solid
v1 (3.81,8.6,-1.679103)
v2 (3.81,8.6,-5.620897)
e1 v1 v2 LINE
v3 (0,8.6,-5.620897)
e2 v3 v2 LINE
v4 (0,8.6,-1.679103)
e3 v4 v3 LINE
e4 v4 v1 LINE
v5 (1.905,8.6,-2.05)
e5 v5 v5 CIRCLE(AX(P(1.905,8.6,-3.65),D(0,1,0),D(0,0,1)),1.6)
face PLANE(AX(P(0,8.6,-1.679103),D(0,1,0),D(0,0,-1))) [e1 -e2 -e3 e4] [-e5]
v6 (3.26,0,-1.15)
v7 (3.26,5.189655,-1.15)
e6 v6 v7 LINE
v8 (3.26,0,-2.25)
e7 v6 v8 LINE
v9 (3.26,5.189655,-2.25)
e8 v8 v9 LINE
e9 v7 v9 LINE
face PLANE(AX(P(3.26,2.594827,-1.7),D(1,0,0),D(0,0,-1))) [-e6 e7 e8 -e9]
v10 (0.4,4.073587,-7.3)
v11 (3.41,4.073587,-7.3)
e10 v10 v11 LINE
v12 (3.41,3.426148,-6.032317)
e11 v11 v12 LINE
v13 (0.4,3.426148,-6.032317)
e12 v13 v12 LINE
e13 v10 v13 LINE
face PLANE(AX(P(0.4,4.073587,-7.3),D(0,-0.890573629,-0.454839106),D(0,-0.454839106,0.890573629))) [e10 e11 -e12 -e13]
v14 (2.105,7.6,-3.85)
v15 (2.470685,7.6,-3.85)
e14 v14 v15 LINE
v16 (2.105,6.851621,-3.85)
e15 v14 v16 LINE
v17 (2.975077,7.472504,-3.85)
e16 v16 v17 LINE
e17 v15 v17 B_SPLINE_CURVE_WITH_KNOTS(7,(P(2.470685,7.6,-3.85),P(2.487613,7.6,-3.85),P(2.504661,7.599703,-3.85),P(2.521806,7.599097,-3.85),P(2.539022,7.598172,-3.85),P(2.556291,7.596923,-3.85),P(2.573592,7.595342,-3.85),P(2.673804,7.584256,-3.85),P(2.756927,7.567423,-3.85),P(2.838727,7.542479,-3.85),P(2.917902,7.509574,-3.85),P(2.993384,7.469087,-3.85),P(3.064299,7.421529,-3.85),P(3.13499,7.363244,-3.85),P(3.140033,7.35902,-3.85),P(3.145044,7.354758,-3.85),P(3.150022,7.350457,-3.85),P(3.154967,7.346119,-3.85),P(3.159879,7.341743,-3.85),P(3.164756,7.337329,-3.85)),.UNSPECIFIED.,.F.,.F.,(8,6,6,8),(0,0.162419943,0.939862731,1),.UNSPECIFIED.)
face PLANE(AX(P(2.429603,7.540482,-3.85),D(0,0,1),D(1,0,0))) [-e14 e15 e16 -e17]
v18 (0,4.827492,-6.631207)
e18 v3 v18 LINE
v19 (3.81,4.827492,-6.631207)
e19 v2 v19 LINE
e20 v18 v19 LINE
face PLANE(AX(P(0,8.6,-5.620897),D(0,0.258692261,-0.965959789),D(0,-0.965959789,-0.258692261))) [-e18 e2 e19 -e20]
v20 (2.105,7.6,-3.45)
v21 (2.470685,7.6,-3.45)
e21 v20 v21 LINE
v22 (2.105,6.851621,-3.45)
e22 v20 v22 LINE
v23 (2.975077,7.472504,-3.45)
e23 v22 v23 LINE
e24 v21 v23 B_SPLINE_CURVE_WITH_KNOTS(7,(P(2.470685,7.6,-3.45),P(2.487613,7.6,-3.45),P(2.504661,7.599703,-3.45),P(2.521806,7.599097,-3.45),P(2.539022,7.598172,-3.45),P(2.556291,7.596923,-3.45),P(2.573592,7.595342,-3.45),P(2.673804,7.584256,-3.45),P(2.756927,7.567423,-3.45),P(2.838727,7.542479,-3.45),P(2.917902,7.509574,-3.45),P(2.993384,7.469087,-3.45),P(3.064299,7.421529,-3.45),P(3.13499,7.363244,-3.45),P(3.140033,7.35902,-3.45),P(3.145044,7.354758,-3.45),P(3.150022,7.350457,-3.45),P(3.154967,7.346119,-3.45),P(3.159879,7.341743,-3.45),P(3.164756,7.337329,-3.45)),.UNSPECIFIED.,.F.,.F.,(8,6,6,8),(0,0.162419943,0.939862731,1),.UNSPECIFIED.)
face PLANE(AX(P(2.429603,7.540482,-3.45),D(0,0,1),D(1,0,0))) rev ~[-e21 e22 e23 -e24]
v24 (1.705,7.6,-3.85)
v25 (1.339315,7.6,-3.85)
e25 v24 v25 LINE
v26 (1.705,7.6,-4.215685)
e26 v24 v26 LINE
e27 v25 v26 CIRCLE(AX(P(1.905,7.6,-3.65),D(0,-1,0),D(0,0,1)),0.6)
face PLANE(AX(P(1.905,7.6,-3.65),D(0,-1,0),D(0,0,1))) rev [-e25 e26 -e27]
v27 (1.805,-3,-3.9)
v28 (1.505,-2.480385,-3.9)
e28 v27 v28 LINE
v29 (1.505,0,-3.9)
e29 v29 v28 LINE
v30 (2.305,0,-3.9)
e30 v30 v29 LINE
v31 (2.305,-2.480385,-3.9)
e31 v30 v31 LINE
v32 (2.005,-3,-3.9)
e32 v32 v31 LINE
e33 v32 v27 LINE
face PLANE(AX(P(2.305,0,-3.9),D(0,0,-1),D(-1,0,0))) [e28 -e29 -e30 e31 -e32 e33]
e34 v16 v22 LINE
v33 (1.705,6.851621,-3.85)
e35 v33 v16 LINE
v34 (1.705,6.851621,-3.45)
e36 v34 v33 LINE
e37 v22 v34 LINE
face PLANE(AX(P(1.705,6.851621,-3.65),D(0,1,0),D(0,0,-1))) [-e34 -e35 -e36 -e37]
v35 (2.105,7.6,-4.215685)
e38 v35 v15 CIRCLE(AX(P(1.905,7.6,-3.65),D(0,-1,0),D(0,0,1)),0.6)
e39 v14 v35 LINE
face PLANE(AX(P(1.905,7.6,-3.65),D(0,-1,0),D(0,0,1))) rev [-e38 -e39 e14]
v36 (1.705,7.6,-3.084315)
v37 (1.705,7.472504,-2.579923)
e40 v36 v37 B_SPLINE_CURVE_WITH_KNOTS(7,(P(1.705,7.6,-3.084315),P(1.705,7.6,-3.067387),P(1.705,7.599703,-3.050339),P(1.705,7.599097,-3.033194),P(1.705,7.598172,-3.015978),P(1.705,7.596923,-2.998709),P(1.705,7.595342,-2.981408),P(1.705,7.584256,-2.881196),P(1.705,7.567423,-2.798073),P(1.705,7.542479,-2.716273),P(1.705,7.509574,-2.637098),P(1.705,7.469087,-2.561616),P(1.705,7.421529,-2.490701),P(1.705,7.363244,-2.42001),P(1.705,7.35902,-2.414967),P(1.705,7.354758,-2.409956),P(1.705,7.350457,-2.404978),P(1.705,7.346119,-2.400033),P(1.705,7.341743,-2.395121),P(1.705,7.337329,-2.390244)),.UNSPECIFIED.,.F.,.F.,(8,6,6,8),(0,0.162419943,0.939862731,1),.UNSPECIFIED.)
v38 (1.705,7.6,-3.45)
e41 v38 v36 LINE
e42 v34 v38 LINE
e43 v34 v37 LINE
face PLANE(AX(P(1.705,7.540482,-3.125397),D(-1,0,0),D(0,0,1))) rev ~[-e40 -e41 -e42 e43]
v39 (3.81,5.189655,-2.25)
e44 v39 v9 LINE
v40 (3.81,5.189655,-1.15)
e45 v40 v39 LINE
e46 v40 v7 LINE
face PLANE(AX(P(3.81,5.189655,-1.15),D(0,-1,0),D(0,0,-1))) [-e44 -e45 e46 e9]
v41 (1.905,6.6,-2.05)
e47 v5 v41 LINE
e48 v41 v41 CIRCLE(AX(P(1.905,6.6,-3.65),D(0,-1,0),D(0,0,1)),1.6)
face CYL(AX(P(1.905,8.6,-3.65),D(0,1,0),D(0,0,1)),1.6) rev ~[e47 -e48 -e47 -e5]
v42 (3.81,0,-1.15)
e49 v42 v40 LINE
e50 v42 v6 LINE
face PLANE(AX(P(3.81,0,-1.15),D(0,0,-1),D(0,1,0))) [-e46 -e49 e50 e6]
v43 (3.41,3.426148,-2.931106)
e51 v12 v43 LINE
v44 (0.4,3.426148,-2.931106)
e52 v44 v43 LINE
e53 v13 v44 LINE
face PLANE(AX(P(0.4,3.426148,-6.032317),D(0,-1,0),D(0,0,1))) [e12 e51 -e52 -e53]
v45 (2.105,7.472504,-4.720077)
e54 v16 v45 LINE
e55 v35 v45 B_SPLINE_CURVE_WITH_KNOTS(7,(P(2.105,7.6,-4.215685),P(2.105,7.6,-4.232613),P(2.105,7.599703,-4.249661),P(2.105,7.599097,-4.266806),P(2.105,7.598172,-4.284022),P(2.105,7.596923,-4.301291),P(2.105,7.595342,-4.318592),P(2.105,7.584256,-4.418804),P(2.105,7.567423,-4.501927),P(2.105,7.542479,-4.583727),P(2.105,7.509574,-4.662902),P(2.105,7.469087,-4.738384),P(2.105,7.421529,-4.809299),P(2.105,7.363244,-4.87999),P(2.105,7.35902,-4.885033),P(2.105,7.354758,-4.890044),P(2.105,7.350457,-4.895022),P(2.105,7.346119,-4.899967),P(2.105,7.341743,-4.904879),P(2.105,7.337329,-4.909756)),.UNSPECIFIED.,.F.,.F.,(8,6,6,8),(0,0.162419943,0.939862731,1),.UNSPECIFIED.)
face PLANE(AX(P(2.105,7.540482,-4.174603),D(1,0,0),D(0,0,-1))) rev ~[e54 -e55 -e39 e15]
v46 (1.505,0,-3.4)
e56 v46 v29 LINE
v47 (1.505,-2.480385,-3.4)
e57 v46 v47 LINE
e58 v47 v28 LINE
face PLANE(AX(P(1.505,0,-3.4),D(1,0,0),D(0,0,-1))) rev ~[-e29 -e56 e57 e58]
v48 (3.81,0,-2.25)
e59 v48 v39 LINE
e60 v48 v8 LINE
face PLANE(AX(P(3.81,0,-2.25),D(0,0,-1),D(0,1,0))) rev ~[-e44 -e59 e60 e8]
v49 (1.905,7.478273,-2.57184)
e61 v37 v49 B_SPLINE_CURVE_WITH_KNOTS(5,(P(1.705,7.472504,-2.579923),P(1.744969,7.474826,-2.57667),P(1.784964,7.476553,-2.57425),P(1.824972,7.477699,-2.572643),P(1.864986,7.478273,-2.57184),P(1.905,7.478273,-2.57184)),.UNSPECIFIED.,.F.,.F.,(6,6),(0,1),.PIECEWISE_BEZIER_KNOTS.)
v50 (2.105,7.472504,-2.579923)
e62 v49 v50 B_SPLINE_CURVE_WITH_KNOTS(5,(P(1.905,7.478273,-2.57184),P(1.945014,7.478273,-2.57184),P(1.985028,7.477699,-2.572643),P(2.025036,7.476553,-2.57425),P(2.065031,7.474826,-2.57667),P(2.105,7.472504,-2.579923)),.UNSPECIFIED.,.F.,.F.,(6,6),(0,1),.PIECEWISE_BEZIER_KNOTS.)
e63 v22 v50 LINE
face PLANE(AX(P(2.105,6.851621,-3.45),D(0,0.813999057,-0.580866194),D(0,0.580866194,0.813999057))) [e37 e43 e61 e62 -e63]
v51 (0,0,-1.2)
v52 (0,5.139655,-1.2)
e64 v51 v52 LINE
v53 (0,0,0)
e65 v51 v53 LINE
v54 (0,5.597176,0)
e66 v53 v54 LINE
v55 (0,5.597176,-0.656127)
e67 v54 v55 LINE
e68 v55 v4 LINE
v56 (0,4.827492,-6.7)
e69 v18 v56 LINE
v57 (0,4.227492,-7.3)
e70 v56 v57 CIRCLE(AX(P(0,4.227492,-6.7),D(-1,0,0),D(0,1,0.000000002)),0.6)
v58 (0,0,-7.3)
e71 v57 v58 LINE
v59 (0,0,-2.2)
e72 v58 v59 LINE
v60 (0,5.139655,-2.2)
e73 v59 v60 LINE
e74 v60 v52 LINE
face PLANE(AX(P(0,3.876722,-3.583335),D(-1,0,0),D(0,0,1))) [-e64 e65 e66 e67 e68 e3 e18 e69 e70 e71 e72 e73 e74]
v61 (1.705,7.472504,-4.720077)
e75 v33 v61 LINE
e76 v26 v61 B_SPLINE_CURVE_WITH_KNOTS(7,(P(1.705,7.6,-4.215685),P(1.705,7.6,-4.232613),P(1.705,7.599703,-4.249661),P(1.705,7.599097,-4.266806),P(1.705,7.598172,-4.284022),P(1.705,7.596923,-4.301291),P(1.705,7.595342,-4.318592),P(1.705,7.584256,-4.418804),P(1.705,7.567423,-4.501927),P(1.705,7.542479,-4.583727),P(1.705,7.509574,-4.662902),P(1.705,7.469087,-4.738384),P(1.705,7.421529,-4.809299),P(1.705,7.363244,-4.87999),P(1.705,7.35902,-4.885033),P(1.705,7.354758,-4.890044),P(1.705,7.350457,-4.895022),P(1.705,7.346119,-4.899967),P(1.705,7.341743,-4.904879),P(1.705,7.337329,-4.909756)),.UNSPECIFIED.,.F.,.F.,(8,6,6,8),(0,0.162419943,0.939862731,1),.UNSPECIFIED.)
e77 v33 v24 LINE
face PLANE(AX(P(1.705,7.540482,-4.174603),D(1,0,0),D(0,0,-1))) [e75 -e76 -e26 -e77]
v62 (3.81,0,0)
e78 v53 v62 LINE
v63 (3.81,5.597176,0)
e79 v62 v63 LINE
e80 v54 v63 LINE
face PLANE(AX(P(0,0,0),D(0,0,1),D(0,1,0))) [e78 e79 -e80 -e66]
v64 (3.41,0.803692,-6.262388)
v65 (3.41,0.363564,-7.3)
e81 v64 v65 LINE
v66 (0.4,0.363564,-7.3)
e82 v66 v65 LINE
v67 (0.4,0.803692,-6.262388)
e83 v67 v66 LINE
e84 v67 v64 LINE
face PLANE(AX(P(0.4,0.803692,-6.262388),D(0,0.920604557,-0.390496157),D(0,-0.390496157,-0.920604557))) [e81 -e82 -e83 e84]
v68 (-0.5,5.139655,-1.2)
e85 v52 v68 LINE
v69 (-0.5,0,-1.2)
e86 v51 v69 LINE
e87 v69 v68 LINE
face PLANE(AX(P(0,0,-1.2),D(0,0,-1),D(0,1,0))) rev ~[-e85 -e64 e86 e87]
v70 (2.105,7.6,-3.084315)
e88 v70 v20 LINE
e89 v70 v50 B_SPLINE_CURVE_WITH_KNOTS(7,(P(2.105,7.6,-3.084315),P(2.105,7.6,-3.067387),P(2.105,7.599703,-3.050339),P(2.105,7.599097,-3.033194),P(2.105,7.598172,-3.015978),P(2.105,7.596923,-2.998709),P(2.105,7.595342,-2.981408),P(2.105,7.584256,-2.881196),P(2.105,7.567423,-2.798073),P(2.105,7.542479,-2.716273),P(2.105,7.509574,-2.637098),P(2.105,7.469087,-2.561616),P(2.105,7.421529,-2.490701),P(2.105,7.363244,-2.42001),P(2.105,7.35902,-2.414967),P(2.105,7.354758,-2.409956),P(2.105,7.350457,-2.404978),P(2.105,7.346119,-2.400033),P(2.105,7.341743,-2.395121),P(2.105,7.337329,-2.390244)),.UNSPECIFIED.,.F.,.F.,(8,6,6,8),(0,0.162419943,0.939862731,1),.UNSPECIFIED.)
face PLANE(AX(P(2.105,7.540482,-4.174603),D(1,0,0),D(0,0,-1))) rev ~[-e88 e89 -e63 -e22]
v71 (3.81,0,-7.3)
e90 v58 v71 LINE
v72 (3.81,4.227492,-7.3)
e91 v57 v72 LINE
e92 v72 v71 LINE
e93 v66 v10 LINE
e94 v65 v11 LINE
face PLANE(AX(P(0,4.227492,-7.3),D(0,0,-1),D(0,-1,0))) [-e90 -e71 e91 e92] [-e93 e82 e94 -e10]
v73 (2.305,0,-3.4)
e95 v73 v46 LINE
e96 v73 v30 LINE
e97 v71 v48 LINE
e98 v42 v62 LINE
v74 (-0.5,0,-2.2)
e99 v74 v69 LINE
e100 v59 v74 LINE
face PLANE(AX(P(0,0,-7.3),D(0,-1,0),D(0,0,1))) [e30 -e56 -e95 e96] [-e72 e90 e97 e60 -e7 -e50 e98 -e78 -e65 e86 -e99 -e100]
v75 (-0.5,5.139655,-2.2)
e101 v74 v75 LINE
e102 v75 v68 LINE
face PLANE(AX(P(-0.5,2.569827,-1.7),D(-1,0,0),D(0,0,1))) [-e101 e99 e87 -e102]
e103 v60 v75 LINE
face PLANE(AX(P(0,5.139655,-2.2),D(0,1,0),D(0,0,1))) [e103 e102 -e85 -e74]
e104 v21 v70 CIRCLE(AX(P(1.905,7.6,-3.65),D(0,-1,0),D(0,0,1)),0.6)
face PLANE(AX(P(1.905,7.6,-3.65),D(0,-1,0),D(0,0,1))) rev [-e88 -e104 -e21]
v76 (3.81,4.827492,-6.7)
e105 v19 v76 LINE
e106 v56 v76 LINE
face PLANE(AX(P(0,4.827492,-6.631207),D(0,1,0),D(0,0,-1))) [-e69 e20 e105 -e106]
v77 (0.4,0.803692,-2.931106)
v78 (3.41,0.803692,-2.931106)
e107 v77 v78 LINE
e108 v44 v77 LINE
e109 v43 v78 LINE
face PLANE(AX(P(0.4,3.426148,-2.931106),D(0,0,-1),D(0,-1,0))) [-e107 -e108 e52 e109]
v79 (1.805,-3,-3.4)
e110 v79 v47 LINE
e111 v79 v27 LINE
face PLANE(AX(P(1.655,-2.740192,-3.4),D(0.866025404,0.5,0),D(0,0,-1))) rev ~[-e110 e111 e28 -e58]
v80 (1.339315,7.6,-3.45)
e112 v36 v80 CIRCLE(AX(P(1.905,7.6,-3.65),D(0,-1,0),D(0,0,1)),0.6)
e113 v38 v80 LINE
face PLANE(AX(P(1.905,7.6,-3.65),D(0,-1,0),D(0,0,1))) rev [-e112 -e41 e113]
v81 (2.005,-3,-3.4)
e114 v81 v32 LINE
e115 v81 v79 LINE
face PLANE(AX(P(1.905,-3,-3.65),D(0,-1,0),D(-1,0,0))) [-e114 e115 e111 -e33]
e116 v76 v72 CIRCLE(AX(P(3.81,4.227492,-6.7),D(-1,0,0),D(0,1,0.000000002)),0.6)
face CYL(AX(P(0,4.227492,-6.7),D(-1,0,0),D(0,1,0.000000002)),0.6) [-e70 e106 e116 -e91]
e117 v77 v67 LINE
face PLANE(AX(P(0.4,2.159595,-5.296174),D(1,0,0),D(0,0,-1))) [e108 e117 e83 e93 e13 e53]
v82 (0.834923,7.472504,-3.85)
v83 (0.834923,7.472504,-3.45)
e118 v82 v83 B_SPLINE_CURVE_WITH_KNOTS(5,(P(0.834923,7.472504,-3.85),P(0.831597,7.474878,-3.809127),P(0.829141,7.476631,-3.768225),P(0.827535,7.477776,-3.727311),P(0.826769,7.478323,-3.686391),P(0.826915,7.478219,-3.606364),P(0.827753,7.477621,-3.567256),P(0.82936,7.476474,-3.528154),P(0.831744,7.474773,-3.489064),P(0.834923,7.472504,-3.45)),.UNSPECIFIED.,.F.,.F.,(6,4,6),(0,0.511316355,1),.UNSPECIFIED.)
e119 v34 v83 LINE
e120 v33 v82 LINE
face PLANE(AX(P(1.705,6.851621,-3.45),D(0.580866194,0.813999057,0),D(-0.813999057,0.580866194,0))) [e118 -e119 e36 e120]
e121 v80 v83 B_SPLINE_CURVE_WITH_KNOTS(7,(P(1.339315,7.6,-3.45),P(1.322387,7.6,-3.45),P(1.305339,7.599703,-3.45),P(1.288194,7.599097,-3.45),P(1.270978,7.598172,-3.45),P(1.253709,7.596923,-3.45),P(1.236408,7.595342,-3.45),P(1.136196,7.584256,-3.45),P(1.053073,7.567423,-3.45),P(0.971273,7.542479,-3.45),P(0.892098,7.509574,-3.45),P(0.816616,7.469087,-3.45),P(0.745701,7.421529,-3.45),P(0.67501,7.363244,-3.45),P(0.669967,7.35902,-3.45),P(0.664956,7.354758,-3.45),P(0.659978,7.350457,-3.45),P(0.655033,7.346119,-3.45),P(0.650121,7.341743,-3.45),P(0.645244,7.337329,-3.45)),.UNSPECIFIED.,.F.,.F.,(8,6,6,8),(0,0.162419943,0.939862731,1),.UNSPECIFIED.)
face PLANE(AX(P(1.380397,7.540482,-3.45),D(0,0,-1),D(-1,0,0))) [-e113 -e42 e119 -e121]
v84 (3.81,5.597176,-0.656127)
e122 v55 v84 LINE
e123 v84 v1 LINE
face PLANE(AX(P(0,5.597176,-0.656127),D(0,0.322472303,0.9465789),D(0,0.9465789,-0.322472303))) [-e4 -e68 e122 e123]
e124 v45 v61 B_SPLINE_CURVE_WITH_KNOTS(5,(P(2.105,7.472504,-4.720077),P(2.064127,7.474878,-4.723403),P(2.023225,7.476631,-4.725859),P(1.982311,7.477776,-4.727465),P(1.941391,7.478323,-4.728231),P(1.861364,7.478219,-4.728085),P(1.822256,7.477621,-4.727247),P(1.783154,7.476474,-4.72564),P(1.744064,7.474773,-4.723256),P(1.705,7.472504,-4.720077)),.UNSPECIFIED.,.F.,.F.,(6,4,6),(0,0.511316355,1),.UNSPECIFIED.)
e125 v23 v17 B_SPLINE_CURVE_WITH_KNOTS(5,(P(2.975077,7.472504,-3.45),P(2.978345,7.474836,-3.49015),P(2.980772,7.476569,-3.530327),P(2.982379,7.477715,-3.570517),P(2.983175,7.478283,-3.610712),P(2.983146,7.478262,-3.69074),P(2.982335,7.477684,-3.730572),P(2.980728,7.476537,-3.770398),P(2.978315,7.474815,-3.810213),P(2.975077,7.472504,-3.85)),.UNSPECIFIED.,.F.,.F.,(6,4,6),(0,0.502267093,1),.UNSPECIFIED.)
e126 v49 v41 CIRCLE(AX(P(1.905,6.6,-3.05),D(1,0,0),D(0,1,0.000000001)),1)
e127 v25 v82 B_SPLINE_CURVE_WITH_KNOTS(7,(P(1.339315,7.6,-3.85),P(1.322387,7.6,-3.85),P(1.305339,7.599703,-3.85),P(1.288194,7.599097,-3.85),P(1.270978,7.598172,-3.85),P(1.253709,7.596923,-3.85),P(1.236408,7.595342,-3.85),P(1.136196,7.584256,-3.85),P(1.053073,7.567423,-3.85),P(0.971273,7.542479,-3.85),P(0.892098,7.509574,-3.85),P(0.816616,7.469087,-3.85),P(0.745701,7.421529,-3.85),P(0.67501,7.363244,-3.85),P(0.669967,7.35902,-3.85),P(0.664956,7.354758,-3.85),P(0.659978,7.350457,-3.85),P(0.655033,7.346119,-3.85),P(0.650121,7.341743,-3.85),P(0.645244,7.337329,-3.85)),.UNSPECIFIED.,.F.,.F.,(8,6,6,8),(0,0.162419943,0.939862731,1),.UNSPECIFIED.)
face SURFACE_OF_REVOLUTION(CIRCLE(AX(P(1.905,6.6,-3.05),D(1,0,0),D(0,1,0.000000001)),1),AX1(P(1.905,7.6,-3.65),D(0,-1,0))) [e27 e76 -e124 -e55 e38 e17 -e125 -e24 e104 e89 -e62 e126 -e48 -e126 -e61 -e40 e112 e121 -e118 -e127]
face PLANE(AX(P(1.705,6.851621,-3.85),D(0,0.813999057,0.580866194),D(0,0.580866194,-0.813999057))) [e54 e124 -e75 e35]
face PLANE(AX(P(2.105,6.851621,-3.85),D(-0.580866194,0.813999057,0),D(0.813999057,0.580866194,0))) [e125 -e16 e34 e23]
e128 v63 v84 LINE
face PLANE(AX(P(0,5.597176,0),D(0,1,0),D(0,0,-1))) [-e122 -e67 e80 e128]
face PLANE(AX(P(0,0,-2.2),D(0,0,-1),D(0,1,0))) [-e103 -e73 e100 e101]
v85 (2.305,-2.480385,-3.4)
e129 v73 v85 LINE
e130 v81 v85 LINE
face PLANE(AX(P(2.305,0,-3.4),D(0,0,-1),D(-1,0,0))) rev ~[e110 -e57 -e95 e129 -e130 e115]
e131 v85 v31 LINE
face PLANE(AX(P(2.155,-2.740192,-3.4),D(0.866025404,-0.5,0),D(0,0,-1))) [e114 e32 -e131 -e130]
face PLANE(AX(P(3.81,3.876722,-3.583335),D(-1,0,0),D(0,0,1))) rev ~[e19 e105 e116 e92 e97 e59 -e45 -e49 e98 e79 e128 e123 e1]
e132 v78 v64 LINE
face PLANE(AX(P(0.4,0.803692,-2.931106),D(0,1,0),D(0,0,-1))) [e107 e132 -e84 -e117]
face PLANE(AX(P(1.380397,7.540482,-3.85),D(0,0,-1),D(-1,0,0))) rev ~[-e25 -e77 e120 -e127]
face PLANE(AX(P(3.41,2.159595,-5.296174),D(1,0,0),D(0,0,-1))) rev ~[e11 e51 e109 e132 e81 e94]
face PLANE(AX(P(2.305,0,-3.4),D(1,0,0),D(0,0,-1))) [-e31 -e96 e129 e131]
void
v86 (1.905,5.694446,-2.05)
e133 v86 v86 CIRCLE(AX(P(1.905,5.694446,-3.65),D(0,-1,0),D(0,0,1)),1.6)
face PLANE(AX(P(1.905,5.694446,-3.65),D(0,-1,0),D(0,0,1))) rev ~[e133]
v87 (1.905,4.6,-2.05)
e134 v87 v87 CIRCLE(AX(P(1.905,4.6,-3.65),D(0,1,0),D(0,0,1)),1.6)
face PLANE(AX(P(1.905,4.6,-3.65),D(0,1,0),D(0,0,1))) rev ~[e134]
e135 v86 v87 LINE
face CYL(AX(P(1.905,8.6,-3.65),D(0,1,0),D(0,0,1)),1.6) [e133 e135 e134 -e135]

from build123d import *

# Parameters (mm, degrees)
BOSS_EXTRUDE1_DEPTH      = 3.81
CUT_EXTRUDE_1_DEPTH      = 3.01
SKETCH_4_R               = 1.6
CUT_EXTRUDE_2_DEPTH      = 4
SKETCH_7_W               = 1
SKETCH_7_H               = 5.139654773
EXTRUDE_1_DEPTH          = 0.5
SKETCH_8_W               = 1.1
SKETCH_8_H               = 5.189654773
CUT_EXTRUDE_4_DEPTH      = 0.55
SKETCH_10_W              = 0.8
SKETCH_10_H              = 0.5
EXTRUDE_2_DEPTH          = 3
CHAMFER_2_SIZE           = 0.3
CHAMFER_2_SIZE2          = 0.519615242
CHAMFER_3_SIZE           = 0.3
CHAMFER_3_SIZE2          = 0.519615242
CUT_EXTRUDE_START        = 0.2
CUT_EXTRUDE_5_DEPTH      = 0.4
PATTERN_CIRCULAR_1_COUNT = 4


with BuildPart() as part:
    # Sketch1 → Boss-Extrude1 (new body)
    with BuildSketch(Plane(origin=(0, 0, 0), x_dir=(0, 0, -1), z_dir=(1, 0, 0))):
        with BuildLine():
            Line((5.620897226, 8.6), (6.631206986, 4.827492088))
            Line((6.631206986, 4.827492088), (6.7, 4.827492088))
            ThreePointArc((6.7, 4.827492088), (7.124264069, 4.651756157), (7.3, 4.227492088))
            Line((7.3, 4.227492088), (7.3, 0))
            Line((7.3, 0), (0, 0))
            Line((0, 0), (0, 5.59717585))
            Line((0, 5.59717585), (0.656126643, 5.59717585))
            Line((0.656126643, 5.59717585), (1.679102774, 8.6))
            Line((1.679102774, 8.6), (5.620897226, 8.6))
        make_face()
    extrude(amount=BOSS_EXTRUDE1_DEPTH)

    # Эскиз2 → Вырез-Вытянуть1 (cut)
    with BuildSketch(Plane.ZY.offset(-0.4)):
        Polygon((-7.3, 4.073586509), (-6.032317297, 3.426147995), (-2.931105615, 3.426147995), (-2.931105615, 0.803691629), (-6.262387876, 0.803691629), (-7.3, 0.36356395), align=None)
    extrude(amount=-CUT_EXTRUDE_1_DEPTH, mode=Mode.SUBTRACT)

    # Эскиз4 → Вырез-Вытянуть2 (cut)
    with BuildSketch(Plane(origin=(0, 8.6, 0), x_dir=(1, 0, 0), z_dir=(0, 1, 0))):
        with Locations((1.905, 3.65)):
            Circle(SKETCH_4_R)
    extrude(amount=-CUT_EXTRUDE_2_DEPTH, mode=Mode.SUBTRACT)

    # Эскиз5 → Повернуть1 (revolve)
    with BuildSketch(Plane.ZY.offset(-1.905)):
        with BuildLine():
            Line((-3.65, 7.6), (-4.25, 7.6))
            ThreePointArc((-4.25, 7.6), (-4.957106781, 7.307106781), (-5.25, 6.6))
            Line((-5.25, 6.6), (-5.25, 5.694446069))
            Line((-5.25, 5.694446069), (-3.65, 5.694446069))
            Line((-3.65, 5.694446069), (-3.65, 7.6))
        make_face()
    revolve(axis=Axis((1.905, 7.6, -3.65), (0, -1, 0)))

    # Эскиз7 → Бобышка-Вытянуть1 (add)
    with BuildSketch(Plane.ZY):
        with Locations((-1.7, 2.569827387)):
            Rectangle(SKETCH_7_W, SKETCH_7_H)
    extrude(amount=EXTRUDE_1_DEPTH)

    # Эскиз8 → Вырез-Вытянуть4 (cut)
    with BuildSketch(Plane(origin=(3.81, 0, 0), x_dir=(0, 0, -1), z_dir=(1, 0, 0))):
        with Locations((1.7, 2.594827386)):
            Rectangle(SKETCH_8_W, SKETCH_8_H)
    extrude(amount=-CUT_EXTRUDE_4_DEPTH, mode=Mode.SUBTRACT)

    # Эскиз10 → Бобышка-Вытянуть2 (add)
    with BuildSketch(Plane(origin=(0, 0, 0), x_dir=(-1, 0, 0), z_dir=(0, -1, 0))):
        with Locations((-1.905, 3.65)):
            Rectangle(SKETCH_10_W, SKETCH_10_H)
    extrude(amount=EXTRUDE_2_DEPTH)

    # Фаска2
    chamfer_2_edges = [part.edges().sort_by_distance(p)[0] for p in [
        (1.505, -3, -3.65),
    ]]
    chamfer_2_side = [part.faces().sort_by_distance(p)[0] for p in [
        (1.905, -3, -3.65),
    ]]
    chamfer(chamfer_2_edges, length=CHAMFER_2_SIZE, length2=CHAMFER_2_SIZE2, reference=chamfer_2_side[0])

    # Фаска3
    chamfer_3_edges = [part.edges().sort_by_distance(p)[0] for p in [
        (2.305, -3, -3.65),
    ]]
    chamfer_3_side = [part.faces().sort_by_distance(p)[0] for p in [
        (2.055, -3, -3.65),
    ]]
    chamfer(chamfer_3_edges, length=CHAMFER_3_SIZE, length2=CHAMFER_3_SIZE2, reference=chamfer_3_side[0])

    # Эскиз11 → Вырез-Вытянуть5 (cut)
    with BuildSketch(Plane.ZY.offset(-1.905).offset(CUT_EXTRUDE_START)):
        Polygon((-4.909756217, 7.996241993), (-3.65, 7.996241993), (-3.65, 6.851621262), (-3.85, 6.851621262), (-4.909756217, 7.607858699), align=None)
    cut_extrude_5 = extrude(amount=-CUT_EXTRUDE_5_DEPTH, mode=Mode.SUBTRACT)

    # Круговой массив1: Вырез-Вытянуть5 ×4 about axis
    pattern_circular_1_axis = Axis((1.905, 6.6, -3.65), (0, 1, 0))
    for i in range(1, PATTERN_CIRCULAR_1_COUNT):
        add(cut_extrude_5.rotate(pattern_circular_1_axis, i * 360 / PATTERN_CIRCULAR_1_COUNT), mode=Mode.SUBTRACT)


solid = part.part
